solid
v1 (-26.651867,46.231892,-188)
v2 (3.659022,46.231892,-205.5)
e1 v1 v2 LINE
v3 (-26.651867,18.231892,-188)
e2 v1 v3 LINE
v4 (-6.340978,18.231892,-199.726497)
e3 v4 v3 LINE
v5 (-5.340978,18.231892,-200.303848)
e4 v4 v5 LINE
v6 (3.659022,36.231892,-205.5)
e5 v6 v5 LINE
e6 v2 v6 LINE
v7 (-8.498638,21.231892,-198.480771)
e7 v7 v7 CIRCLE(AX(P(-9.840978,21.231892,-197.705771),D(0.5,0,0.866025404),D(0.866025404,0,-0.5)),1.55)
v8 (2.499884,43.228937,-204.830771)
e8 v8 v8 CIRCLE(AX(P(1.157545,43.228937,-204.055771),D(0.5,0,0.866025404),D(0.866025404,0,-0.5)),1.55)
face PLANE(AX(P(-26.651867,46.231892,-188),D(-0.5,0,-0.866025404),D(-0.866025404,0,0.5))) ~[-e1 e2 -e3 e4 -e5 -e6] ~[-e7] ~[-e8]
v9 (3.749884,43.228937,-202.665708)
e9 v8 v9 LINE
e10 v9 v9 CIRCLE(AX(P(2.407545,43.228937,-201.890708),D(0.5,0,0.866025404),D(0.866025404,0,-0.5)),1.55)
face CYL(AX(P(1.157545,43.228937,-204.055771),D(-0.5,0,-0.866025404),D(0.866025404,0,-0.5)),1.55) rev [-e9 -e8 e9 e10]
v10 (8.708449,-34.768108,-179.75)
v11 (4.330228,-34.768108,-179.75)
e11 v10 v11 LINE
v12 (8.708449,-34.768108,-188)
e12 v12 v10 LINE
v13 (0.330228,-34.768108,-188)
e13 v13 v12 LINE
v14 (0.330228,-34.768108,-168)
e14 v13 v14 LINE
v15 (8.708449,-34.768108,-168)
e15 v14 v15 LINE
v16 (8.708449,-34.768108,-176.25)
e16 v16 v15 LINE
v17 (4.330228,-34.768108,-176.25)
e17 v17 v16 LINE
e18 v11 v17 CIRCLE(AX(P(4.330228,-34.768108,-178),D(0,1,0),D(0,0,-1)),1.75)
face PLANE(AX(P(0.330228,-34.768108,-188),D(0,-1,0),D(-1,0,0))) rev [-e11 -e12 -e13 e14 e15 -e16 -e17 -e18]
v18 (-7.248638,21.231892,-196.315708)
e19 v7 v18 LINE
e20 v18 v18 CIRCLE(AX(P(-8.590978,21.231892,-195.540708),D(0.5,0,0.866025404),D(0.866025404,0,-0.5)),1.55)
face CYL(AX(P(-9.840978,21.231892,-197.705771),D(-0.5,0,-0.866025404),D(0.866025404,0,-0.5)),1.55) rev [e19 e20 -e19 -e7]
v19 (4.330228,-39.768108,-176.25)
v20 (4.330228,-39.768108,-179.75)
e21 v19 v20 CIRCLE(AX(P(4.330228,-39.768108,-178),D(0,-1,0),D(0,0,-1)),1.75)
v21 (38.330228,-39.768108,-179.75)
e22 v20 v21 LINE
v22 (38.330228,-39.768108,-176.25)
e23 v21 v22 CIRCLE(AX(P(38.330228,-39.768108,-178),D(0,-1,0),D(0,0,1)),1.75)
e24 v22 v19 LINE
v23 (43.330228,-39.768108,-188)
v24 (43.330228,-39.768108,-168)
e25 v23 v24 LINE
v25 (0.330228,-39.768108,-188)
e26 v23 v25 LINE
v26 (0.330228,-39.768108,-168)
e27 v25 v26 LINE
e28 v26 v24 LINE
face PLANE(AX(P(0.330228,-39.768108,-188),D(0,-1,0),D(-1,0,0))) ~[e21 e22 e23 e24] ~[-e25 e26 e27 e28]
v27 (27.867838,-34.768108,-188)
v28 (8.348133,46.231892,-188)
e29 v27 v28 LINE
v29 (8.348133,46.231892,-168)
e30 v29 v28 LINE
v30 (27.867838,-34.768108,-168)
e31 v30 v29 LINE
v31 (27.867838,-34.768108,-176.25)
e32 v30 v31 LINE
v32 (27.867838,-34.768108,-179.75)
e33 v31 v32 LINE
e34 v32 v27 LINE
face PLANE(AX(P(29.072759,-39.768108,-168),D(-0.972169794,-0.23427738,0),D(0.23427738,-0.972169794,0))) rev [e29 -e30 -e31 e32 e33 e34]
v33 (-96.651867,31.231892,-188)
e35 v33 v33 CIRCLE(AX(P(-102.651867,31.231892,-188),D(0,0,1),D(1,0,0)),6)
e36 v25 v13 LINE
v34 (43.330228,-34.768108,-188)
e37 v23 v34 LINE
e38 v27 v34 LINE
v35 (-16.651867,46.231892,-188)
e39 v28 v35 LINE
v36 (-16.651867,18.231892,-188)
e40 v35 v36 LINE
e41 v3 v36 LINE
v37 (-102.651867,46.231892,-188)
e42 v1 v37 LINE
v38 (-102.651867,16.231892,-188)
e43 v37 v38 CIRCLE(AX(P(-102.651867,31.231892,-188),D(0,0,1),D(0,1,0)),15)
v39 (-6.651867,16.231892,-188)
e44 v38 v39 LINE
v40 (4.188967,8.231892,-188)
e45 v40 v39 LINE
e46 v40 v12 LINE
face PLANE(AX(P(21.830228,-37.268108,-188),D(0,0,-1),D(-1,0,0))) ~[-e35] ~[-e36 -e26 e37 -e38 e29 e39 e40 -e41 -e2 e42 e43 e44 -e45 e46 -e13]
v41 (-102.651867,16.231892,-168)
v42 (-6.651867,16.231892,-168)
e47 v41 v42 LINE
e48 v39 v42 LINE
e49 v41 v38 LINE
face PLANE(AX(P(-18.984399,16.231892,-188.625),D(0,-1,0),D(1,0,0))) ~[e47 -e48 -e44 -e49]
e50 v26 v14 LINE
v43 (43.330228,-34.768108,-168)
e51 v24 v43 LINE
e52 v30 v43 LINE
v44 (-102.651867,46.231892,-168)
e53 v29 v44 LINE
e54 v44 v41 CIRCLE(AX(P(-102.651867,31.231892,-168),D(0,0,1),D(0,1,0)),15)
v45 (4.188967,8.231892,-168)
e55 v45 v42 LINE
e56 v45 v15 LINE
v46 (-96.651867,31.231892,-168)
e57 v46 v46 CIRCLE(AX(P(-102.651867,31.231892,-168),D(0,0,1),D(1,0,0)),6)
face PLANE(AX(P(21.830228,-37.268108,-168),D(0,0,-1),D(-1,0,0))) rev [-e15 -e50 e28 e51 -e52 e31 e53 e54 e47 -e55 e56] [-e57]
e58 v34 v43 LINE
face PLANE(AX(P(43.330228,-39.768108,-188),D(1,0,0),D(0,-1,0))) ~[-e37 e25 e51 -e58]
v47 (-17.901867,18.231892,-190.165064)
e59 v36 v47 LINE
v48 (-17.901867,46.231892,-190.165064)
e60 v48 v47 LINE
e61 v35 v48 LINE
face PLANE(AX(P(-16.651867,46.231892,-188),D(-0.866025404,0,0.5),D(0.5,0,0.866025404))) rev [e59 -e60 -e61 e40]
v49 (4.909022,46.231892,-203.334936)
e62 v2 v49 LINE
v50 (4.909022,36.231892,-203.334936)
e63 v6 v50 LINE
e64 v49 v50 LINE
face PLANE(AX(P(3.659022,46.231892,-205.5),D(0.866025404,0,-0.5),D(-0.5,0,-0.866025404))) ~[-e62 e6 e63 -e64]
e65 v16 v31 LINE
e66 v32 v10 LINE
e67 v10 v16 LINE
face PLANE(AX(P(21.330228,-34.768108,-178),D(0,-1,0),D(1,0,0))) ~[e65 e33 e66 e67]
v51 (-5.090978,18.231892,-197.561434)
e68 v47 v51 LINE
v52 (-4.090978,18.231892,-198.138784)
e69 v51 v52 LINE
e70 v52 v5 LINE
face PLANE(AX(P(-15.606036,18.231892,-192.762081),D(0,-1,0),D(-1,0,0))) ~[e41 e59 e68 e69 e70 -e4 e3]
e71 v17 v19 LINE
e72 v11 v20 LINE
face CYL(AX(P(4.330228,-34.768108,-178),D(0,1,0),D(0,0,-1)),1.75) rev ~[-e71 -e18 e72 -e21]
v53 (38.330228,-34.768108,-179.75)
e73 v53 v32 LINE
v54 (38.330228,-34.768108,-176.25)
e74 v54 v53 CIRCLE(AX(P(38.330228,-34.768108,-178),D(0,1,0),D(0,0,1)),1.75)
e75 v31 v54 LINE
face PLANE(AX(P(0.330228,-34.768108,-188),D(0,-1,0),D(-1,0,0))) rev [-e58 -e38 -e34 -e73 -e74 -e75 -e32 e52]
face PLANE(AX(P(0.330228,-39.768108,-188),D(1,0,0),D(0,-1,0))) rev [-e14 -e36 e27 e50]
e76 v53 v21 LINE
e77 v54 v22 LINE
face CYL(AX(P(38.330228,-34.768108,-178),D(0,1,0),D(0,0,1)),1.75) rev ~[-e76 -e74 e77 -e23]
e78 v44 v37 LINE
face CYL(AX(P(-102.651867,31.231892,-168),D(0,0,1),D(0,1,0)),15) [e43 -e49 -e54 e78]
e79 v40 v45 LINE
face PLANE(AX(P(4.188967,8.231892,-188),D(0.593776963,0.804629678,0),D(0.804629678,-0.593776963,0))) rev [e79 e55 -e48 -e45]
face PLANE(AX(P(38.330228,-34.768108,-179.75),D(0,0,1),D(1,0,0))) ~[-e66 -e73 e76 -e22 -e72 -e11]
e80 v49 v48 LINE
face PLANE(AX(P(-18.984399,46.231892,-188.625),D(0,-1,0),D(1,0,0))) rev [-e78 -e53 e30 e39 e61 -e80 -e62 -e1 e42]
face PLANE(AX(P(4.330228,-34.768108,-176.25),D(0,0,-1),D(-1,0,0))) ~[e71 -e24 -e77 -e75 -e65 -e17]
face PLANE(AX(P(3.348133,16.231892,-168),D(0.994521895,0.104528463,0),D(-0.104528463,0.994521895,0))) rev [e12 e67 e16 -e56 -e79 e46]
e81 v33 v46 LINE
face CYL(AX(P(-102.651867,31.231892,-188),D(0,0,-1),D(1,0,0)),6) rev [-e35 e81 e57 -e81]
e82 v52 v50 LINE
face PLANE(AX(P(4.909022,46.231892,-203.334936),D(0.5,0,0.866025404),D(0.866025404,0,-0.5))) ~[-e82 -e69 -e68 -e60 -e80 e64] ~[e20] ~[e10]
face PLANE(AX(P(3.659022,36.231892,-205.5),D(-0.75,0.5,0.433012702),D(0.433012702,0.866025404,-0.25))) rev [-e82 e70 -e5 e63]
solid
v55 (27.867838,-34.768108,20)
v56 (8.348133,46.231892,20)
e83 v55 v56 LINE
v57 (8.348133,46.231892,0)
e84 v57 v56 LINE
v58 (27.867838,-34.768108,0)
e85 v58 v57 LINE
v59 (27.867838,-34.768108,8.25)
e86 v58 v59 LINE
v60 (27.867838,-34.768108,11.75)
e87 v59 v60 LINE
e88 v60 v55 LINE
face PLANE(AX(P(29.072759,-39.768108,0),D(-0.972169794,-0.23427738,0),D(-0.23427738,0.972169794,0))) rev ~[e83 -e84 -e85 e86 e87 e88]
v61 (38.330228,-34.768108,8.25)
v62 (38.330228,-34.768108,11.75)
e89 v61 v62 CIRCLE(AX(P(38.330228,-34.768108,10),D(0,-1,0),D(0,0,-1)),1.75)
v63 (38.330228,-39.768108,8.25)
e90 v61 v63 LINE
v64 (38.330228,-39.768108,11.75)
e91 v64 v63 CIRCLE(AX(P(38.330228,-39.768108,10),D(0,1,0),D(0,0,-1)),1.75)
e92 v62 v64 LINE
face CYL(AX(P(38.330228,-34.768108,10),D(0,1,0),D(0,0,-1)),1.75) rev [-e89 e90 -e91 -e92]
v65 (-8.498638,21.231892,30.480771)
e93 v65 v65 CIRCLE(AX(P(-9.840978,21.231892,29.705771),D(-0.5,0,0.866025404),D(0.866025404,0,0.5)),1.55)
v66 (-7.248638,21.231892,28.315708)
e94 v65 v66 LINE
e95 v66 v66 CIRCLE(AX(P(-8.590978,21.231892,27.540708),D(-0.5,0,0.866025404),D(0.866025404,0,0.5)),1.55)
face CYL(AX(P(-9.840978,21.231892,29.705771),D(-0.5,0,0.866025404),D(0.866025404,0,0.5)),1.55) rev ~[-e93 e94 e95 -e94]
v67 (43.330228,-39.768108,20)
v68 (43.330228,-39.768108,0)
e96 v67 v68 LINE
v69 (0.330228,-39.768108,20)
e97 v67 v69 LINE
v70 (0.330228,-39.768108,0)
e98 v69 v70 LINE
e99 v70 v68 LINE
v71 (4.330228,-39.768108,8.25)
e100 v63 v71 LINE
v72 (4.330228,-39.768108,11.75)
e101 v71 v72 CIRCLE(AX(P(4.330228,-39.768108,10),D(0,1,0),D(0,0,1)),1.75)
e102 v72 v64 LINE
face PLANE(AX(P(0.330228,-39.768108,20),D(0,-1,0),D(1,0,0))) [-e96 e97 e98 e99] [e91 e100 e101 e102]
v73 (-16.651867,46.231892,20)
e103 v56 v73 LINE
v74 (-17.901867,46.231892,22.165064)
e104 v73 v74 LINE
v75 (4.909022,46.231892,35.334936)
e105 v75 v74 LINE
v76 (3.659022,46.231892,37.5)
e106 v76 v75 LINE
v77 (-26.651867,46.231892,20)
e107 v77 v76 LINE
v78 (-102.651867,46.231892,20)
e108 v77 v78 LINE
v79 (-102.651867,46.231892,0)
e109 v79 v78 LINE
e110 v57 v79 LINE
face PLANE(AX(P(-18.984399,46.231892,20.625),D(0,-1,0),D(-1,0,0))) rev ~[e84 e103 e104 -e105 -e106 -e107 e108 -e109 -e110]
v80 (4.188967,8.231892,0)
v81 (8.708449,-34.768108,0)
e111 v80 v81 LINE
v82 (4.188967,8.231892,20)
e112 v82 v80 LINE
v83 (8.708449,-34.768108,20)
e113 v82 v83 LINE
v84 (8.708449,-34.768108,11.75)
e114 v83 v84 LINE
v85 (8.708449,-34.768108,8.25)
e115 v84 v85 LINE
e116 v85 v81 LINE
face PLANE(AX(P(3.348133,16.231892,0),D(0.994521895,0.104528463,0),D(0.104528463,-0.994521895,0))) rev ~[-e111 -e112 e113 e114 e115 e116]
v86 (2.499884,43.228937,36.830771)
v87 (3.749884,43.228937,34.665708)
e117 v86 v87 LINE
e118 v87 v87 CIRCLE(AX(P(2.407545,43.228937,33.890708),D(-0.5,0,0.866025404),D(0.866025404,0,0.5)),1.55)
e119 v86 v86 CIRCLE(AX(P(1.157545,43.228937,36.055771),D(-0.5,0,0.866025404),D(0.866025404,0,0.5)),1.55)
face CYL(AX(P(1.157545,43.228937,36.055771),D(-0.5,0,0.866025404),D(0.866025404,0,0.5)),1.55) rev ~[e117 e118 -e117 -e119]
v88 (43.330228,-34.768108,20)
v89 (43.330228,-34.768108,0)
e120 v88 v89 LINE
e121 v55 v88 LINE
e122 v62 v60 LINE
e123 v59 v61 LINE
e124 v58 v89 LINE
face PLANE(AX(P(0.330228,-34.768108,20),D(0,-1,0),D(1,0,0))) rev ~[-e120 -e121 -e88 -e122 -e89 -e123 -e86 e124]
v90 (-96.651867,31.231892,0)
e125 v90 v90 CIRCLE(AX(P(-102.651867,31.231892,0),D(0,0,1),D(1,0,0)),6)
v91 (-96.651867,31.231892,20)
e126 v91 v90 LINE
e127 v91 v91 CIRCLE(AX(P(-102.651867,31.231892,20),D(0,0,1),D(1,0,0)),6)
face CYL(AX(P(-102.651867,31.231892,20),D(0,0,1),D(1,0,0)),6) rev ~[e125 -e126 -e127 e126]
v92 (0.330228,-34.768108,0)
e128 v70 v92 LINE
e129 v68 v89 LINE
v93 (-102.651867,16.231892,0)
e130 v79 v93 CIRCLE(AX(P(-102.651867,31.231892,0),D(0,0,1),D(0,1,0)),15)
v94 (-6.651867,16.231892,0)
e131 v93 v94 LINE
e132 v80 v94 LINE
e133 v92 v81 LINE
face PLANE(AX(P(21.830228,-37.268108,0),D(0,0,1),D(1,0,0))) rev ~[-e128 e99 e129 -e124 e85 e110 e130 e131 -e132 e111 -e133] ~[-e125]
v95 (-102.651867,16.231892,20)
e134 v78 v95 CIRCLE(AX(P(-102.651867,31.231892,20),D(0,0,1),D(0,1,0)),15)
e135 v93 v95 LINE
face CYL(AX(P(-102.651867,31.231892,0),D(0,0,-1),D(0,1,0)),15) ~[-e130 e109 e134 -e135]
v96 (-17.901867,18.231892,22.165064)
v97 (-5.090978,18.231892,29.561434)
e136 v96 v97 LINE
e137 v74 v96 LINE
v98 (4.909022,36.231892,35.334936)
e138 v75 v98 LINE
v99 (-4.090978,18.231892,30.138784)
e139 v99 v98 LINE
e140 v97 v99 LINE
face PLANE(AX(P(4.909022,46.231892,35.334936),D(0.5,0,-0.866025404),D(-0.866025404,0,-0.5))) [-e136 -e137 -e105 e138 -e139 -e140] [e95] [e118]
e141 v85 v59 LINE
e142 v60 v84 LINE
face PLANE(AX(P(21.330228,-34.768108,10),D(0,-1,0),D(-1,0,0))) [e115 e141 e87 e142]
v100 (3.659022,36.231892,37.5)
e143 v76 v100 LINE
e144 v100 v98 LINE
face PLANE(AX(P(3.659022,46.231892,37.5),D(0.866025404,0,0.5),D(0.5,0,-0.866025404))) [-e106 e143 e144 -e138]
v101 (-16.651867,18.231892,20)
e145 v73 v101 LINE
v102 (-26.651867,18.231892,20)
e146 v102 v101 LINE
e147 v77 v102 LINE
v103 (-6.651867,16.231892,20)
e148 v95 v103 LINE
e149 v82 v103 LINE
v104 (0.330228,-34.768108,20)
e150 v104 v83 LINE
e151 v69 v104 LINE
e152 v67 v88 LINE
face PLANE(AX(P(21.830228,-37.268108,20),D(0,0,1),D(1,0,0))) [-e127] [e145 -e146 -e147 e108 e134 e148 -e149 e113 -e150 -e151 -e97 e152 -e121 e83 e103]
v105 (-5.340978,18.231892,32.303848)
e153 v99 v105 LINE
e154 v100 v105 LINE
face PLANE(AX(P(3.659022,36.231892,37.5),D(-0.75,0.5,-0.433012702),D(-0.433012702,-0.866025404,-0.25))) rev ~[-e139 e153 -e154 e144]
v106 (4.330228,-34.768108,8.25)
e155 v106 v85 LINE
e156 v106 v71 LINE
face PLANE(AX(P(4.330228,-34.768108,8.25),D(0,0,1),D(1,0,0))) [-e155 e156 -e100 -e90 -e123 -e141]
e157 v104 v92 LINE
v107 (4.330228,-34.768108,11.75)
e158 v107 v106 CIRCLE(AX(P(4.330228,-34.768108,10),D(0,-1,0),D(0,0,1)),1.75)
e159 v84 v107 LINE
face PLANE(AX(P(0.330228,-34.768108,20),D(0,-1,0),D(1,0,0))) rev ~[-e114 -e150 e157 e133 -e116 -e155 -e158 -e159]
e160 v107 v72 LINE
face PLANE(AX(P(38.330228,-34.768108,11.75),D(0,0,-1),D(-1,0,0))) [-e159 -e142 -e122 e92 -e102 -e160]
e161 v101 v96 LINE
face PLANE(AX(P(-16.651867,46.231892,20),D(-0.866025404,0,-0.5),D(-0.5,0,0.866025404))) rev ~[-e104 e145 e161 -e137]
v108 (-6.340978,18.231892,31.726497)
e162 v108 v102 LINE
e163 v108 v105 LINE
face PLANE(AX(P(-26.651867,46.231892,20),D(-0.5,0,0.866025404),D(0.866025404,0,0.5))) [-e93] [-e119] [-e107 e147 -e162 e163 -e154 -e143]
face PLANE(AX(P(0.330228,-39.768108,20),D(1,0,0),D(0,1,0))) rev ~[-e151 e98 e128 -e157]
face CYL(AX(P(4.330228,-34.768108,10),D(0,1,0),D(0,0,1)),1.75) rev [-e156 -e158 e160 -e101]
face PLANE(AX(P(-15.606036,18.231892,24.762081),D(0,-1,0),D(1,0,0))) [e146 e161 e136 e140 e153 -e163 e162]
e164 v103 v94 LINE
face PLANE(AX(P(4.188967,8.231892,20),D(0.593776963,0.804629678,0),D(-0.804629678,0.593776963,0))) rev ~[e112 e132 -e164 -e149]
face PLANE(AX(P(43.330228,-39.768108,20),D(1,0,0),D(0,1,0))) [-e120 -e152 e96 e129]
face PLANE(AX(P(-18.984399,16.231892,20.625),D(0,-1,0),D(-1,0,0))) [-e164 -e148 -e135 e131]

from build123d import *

# Parameters (mm, degrees)
EXTRUDE_1_DEPTH      = 20
SKETCH_9_R           = 6
CUT_EXTRUDE_5_DEPTH  = 128.981833025
EXTRUDE_4_DEPTH      = 20
SKETCH_16_W          = 43
SKETCH_16_H          = 5
EXTRUDE_5_DEPTH      = 20
CUT_EXTRUDE_7_DEPTH  = 145.232318713
EXTRUDE_6_DEPTH      = 30
EXTRUDE_7_DEPTH      = 30
SKETCH_26_R          = 1.55
CUT_EXTRUDE_8_DEPTH  = 10
CUT_EXTRUDE_9_DEPTH  = 10
CUT_EXTRUDE_10_DEPTH = 2
SKETCH_29_W          = 2.5
SKETCH_29_H          = 2
CUT_EXTRUDE_11_DEPTH = 2


with BuildPart() as part:
    # 草图1 → 凸台-拉伸1 (new body)
    with BuildSketch(Plane.XY):
        with BuildLine():
            Line((3.348133201, 16.231891841), (9.233970376, -39.768108159))
            Line((9.233970376, -39.768108159), (29.072758503, -39.768108159))
            Line((29.072758503, -39.768108159), (8.348133201, 46.231891841))
            Line((8.348133201, 46.231891841), (-102.651866799, 46.231891841))
            ThreePointArc((-102.651866799, 46.231891841), (-117.651866799, 31.231891841), (-102.651866799, 16.231891841))
            Line((-102.651866799, 16.231891841), (3.348133201, 16.231891841))
        make_face()
    extrude(amount=EXTRUDE_1_DEPTH)

    # 草图9 → 切除-拉伸5 (cut, through all)
    with BuildSketch(Plane.XY.offset(20)):
        with Locations((-102.651866799, 31.231891841)):
            Circle(SKETCH_9_R)
    extrude(amount=-CUT_EXTRUDE_5_DEPTH, mode=Mode.SUBTRACT)

    # 草图15 → 凸台-拉伸4 (add, through all)
    with BuildSketch(Plane.XY.offset(20)):
        Polygon((4.188967083, 8.231891841), (-6.651866799, 16.231891841), (3.348133201, 16.231891841), align=None)
    extrude(amount=-EXTRUDE_4_DEPTH)

    # 草图16 → 凸台-拉伸5 (add, through all)
    with BuildSketch(Plane.XY.offset(20)):
        with Locations((21.830228257, -37.268108159)):
            Rectangle(SKETCH_16_W, SKETCH_16_H)
    extrude(amount=-EXTRUDE_5_DEPTH)

    # 草图17 → 切除-拉伸7 (cut, through all)
    with BuildSketch(Plane(origin=(0, -34.768108159, 0), x_dir=(1, 0, 0), z_dir=(0, 1, 0))):
        with BuildLine():
            Line((4.330228257, -8.25), (38.330228257, -8.25))
            ThreePointArc((38.330228257, -8.25), (40.080228257, -10), (38.330228257, -11.75))
            Line((38.330228257, -11.75), (4.330228257, -11.75))
            ThreePointArc((4.330228257, -11.75), (2.580228257, -10), (4.330228257, -8.25))
        make_face()
    extrude(amount=-CUT_EXTRUDE_7_DEPTH, mode=Mode.SUBTRACT)

    # 草图23 → 凸台-拉伸6 (add)
    with BuildSketch(Plane(origin=(0, 46.231891841, 0), x_dir=(1, 0, 0), z_dir=(0, 1, 0))):
        Polygon((-26.651866799, -20), (3.659022333, -37.5), (4.909022333, -35.334936491), (-21.651866799, -20), align=None)
    extrude(amount=-EXTRUDE_6_DEPTH)

    # 草图25 → 凸台-拉伸7 (add)
    with BuildSketch(Plane(origin=(0, 46.231891841, 0), x_dir=(1, 0, 0), z_dir=(0, 1, 0))):
        Polygon((-21.651866799, -20), (-16.651866799, -20), (-17.901866799, -22.165063509), align=None)
    extrude(amount=-EXTRUDE_7_DEPTH)

    # 草图26 → 切除-拉伸8 (cut)
    with BuildSketch(Plane(origin=(-15.323220738, 0, 26.540596853), x_dir=(0.866025403784438, 0, 0.5000000000000012), z_dir=(-0.5000000000000012, 0, 0.866025403784438))):
        with Locations((19.030349026, 43.228937097)):
            Circle(SKETCH_26_R)
        with Locations((6.330349026, 21.231891841)):
            Circle(SKETCH_26_R)
    extrude(amount=-CUT_EXTRUDE_8_DEPTH, mode=Mode.SUBTRACT)

    # 草图27 → 切除-拉伸9 (cut)
    with BuildSketch(Plane(origin=(-15.323220738, 0, 26.540596853), x_dir=(0.866025403784438, 0, 0.5000000000000012), z_dir=(-0.5000000000000012, 0, 0.866025403784438))):
        Polygon((21.918806294, 36.231891841), (10.37180091, 16.231891841), (21.918806294, 16.231891841), align=None)
    extrude(amount=-CUT_EXTRUDE_9_DEPTH, mode=Mode.SUBTRACT)

    # 草图28 → 切除-拉伸10 (cut)
    with BuildSketch(Plane.XZ.offset(-16.231891841)):
        Polygon((-26.651866799, 20), (-16.651866799, 20), (-17.901866799, 22.165063509), (-5.090977667, 29.561433799), (-6.340977667, 31.726497308), align=None)
    extrude(amount=-CUT_EXTRUDE_10_DEPTH, mode=Mode.SUBTRACT)

    # 草图29 → 切除-拉伸11 (cut)
    with BuildSketch(Plane(origin=(8.982243071, 0, 5.185900455), x_dir=(-0.5000000000000022, 0, 0.8660254037844374), z_dir=(-0.8660254037844374, 0, -0.5000000000000022))):
        with Locations((29.396441475, 17.231891841)):
            Rectangle(SKETCH_29_W, SKETCH_29_H)
    extrude(amount=-CUT_EXTRUDE_11_DEPTH, mode=Mode.SUBTRACT)


with BuildPart() as body_2:
    # 镜向3: mirrored copy
    add(part.part.mirror(Plane.XY.offset(-84)))


solid = Compound([part.part, body_2.part])
